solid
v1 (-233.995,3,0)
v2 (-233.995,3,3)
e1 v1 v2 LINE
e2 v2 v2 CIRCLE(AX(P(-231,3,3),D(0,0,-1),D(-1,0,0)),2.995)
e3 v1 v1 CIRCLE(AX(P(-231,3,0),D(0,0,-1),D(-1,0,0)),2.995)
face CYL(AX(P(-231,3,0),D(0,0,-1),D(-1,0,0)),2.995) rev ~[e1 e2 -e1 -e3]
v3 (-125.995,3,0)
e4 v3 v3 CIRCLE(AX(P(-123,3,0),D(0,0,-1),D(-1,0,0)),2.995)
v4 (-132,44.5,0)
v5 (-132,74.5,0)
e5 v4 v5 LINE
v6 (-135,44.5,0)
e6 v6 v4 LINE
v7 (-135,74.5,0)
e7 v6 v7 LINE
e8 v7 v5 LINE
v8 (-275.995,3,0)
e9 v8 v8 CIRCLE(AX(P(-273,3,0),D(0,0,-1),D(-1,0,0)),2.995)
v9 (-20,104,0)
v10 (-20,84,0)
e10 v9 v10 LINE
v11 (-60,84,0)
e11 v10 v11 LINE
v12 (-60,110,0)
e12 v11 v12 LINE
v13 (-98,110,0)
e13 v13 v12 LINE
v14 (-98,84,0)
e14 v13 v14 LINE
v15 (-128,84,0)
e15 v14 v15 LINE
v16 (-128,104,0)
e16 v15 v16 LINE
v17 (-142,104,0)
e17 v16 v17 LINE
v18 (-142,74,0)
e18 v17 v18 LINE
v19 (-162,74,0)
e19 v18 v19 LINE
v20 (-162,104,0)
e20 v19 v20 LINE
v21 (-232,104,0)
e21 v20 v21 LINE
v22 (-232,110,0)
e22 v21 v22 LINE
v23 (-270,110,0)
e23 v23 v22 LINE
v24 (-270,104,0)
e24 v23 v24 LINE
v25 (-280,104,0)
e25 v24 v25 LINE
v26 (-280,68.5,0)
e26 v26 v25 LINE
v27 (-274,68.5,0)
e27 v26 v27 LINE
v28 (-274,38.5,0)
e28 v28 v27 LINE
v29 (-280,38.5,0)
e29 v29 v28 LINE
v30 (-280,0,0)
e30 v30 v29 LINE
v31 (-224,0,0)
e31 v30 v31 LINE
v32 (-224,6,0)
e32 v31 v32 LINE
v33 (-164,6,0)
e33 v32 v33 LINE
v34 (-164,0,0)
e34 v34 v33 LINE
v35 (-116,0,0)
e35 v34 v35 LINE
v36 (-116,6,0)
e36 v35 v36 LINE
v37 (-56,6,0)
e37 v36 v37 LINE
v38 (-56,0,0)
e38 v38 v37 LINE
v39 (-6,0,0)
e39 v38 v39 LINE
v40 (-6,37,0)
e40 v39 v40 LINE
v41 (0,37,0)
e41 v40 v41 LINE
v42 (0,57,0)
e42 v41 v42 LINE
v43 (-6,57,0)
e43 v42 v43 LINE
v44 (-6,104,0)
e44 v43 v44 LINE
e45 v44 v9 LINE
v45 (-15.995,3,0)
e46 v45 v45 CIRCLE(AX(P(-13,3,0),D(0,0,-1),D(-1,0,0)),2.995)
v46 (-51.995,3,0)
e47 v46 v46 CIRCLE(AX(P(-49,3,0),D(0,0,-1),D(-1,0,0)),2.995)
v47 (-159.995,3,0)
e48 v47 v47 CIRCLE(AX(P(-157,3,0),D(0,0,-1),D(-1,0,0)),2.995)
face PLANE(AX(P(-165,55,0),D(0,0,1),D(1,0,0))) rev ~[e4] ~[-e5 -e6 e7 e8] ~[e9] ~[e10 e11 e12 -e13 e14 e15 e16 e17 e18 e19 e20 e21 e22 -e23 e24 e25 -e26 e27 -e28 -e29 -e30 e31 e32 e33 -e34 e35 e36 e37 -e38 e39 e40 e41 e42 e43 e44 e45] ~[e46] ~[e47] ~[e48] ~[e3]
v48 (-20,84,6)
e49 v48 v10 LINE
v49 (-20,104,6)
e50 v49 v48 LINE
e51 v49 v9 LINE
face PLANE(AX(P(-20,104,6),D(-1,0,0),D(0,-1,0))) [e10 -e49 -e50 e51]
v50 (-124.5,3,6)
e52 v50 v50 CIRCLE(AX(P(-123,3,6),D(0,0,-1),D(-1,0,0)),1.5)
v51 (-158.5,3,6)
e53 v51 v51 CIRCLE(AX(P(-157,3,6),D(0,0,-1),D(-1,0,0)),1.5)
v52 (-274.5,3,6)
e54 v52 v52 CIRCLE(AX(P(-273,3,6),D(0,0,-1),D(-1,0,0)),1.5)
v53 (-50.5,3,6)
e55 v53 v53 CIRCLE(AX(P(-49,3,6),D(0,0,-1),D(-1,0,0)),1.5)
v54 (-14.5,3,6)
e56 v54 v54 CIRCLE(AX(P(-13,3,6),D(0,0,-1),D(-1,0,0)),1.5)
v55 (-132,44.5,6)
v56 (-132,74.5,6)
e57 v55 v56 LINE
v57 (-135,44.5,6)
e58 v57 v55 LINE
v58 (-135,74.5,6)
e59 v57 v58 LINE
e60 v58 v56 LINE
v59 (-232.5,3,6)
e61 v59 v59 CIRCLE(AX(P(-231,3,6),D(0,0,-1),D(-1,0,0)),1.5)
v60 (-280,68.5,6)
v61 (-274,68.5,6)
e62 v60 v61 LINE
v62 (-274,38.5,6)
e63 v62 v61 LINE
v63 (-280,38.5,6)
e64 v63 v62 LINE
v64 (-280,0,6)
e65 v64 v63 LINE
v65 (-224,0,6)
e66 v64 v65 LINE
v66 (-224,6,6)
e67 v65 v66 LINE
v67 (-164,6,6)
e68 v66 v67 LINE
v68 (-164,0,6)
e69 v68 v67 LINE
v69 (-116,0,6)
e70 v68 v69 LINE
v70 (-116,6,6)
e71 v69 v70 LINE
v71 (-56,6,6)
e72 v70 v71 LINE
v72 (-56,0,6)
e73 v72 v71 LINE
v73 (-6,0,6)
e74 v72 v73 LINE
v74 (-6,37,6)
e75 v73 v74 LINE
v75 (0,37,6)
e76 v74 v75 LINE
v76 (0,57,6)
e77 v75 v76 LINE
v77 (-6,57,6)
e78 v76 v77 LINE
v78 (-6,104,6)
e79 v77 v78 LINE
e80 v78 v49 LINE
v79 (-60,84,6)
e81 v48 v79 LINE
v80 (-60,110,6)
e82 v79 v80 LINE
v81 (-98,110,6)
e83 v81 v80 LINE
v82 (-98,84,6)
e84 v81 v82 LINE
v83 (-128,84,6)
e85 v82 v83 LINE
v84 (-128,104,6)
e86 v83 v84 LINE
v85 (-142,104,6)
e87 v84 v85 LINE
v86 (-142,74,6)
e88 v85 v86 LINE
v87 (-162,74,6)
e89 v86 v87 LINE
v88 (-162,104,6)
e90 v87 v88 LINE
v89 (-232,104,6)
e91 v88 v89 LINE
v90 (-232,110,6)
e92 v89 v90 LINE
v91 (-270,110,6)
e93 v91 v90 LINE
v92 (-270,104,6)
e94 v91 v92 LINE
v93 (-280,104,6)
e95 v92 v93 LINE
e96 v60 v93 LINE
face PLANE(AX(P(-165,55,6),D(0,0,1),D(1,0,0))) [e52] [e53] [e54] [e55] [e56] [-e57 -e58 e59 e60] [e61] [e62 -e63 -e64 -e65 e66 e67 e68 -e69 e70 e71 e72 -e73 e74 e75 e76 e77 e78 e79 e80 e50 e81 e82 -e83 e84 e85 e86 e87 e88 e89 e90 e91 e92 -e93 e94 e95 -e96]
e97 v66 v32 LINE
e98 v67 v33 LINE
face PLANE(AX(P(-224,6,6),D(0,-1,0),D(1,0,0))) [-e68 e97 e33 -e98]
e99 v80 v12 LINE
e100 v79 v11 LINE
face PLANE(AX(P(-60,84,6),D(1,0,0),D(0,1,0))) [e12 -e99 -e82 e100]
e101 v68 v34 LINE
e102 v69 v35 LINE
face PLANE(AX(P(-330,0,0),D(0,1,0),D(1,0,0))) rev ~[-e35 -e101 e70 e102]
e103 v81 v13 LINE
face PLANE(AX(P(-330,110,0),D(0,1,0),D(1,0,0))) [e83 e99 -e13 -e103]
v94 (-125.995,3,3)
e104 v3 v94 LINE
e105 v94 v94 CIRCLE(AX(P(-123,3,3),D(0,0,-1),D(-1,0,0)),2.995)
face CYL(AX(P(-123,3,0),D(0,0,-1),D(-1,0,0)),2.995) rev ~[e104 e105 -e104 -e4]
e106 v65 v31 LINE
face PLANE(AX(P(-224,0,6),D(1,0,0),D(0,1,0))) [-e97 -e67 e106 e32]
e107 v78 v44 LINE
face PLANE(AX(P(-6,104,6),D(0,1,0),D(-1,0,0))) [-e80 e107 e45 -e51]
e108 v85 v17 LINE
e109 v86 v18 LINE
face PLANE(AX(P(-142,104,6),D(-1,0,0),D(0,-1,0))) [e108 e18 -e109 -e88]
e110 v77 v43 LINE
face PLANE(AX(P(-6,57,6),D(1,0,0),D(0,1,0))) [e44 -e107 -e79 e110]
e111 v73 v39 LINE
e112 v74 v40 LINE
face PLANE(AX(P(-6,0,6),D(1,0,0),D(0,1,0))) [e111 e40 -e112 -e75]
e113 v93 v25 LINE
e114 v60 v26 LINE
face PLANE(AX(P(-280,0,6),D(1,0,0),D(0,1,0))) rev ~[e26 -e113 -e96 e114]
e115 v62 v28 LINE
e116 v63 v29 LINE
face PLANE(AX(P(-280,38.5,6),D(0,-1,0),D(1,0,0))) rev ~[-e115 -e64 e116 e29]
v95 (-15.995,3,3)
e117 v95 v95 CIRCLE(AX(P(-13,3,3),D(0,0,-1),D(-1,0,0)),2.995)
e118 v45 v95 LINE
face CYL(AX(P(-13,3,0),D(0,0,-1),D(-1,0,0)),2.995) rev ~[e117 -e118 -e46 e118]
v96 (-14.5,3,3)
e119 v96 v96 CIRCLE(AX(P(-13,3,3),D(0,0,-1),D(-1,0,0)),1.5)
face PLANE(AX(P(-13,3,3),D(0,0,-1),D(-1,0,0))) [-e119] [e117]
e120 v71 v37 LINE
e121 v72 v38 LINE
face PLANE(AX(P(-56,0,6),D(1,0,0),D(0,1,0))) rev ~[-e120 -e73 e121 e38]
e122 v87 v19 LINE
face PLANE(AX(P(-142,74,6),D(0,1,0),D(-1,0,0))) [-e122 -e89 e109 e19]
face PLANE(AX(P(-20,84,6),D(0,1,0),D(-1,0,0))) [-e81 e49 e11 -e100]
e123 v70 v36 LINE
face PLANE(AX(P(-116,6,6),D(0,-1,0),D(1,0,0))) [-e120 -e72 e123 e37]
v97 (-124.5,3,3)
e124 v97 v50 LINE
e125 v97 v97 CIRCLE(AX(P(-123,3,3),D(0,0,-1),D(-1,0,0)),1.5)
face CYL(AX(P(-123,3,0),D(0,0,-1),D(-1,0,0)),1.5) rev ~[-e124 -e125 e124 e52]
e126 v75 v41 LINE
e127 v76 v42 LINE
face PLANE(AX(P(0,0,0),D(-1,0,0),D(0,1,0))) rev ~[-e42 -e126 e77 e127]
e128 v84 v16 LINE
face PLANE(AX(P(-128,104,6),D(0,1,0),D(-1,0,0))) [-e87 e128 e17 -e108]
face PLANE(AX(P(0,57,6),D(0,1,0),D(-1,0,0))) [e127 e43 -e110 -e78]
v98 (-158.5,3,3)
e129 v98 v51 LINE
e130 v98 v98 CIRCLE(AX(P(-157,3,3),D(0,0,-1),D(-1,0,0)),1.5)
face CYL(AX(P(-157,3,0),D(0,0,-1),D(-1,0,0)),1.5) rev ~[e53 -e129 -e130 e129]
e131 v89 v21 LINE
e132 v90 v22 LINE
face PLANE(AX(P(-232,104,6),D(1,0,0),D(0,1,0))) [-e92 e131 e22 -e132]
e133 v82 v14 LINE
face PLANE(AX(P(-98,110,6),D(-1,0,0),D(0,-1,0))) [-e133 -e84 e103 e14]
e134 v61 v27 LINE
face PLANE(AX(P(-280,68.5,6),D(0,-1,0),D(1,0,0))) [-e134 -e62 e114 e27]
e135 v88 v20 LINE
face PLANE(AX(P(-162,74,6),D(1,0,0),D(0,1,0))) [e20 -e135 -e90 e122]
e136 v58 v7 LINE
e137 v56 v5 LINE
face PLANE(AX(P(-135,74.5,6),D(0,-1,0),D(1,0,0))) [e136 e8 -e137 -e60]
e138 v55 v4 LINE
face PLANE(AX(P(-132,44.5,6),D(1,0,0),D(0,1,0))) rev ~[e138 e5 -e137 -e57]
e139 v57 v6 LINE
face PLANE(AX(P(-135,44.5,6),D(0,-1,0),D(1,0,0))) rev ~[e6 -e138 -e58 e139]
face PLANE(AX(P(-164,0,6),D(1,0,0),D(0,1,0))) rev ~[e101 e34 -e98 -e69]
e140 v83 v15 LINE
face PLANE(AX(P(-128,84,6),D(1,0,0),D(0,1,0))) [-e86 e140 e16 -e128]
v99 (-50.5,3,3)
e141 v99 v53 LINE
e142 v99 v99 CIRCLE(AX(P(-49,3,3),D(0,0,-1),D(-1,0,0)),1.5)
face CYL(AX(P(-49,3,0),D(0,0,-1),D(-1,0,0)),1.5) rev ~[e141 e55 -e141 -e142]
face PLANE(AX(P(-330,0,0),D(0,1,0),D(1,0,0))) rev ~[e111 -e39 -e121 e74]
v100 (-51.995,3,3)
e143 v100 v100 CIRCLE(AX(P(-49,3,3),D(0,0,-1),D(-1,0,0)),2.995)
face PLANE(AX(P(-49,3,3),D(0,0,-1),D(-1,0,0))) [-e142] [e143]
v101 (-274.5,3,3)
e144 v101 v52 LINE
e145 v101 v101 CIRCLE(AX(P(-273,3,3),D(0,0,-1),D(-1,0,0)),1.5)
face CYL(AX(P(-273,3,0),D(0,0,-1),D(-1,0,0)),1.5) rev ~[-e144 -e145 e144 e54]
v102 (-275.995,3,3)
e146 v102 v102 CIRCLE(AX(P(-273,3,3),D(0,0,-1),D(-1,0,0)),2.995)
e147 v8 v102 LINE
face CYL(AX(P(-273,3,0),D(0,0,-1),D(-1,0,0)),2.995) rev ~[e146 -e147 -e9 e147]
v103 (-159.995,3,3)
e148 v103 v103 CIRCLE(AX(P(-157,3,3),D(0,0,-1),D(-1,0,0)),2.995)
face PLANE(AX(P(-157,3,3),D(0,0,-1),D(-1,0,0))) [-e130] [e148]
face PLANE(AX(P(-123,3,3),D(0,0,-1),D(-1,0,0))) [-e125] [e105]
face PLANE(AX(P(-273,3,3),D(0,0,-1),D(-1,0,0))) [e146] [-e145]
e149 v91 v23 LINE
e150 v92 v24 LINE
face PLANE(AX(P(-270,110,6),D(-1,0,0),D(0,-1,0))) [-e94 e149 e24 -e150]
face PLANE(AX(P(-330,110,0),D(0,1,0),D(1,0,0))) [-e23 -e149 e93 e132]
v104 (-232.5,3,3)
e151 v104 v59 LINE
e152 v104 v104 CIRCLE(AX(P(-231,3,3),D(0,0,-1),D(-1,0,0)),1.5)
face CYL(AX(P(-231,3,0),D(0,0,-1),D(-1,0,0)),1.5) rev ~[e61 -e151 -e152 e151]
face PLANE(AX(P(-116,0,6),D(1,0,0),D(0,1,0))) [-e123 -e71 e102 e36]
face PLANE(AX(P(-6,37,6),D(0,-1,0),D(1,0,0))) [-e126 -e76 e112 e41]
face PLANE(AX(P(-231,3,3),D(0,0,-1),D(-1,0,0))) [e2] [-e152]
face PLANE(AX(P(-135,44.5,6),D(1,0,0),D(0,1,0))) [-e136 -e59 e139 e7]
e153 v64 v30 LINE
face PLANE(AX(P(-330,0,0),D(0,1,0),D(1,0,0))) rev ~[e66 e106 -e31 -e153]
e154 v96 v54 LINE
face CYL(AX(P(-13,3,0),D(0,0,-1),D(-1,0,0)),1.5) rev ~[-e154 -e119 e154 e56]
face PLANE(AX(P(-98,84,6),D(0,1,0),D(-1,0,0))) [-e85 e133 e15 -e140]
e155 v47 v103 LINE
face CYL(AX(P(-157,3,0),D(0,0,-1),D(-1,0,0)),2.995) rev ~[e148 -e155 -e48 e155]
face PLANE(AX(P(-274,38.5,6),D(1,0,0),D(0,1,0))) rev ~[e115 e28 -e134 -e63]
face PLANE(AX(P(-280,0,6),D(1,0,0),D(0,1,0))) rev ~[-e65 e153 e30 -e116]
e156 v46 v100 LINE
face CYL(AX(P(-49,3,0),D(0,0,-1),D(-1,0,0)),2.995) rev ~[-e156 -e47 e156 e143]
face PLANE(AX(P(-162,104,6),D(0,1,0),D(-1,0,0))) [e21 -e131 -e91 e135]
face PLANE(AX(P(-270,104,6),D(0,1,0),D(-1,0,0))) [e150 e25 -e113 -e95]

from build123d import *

# Parameters (mm, degrees)
ESQUISSE2_W             = 330
ESQUISSE2_H             = 110
BOSS_EXTRU_1_DEPTH      = 6
ESQUISSE3_W             = 6
ESQUISSE3_H             = 37
ESQUISSE3_W_2           = 60
ESQUISSE3_H_2           = 6
ESQUISSE3_H_3           = 30
ESQUISSE3_H_4           = 39
ESQUISSE3_W_3           = 3
ENL_V_MAT_EXTRU_1_DEPTH = 348.902285132
ESQUISSE4_W             = 56.799161249
ESQUISSE4_H             = 104
ENL_V_MAT_EXTRU_2_DEPTH = 348.902285132
ESQUISSE5_R             = 1.5
ENL_V_MAT_EXTRU_3_DEPTH = 301.892007205
ESQUISSE6_R             = 2.995
ENL_V_MAT_EXTRU_5_DEPTH = 3


with BuildPart() as part:
    # Esquisse2 → Boss.-Extru.1 (new body)
    with BuildSketch(Plane.XY):
        with Locations((-165, 55)):
            Rectangle(ESQUISSE2_W, ESQUISSE2_H)
    extrude(amount=BOSS_EXTRU_1_DEPTH)

    # Esquisse3 → Enlèv. mat.-Extru.1 (cut, through all)
    with BuildSketch(Plane.XY.offset(6)):
        Polygon((-60, 110), (0, 110), (0, 57), (-6, 57), (-6, 104), (-20, 104), (-20, 84), (-60, 84), align=None)
        with Locations((-3, 18.5)):
            Rectangle(ESQUISSE3_W, ESQUISSE3_H)
        Polygon((-330, 110), (-270, 110), (-270, 104), (-324, 104), (-324, 59), (-330, 59), align=None)
        with Locations((-86, 3)):
            Rectangle(ESQUISSE3_W_2, ESQUISSE3_H_2)
        with Locations((-194, 3)):
            Rectangle(ESQUISSE3_W_2, ESQUISSE3_H_2)
        with Locations((-277, 53.5)):
            Rectangle(ESQUISSE3_W, ESQUISSE3_H_3)
        with Locations((-327, 19.5)):
            Rectangle(ESQUISSE3_W, ESQUISSE3_H_4)
        Polygon((-98, 110), (-98, 84), (-128, 84), (-128, 104), (-142, 104), (-142, 74), (-162, 74), (-162, 104), (-232, 104), (-232, 110), align=None)
        with Locations((-133.5, 59.5)):
            Rectangle(ESQUISSE3_W_3, ESQUISSE3_H_3)
    extrude(amount=-ENL_V_MAT_EXTRU_1_DEPTH, mode=Mode.SUBTRACT)

    # Esquisse4 → Enlèv. mat.-Extru.2 (cut, through all)
    with BuildSketch(Plane.XY.offset(6)):
        with Locations((-308.399580625, 52)):
            Rectangle(ESQUISSE4_W, ESQUISSE4_H)
    extrude(amount=-ENL_V_MAT_EXTRU_2_DEPTH, mode=Mode.SUBTRACT)

    # Esquisse5 → Enlèv. mat.-Extru.3 (cut, through all)
    with BuildSketch(Plane(origin=(0, 0, 0), x_dir=(-1, 0, 0), z_dir=(0, 0, -1))):
        with Locations((13, 3)):
            Circle(ESQUISSE5_R)
        with Locations((49, 3)):
            Circle(ESQUISSE5_R)
        with Locations((123, 3)):
            Circle(ESQUISSE5_R)
        with Locations((157, 3)):
            Circle(ESQUISSE5_R)
        with Locations((231, 3)):
            Circle(ESQUISSE5_R)
        with Locations((273, 3)):
            Circle(ESQUISSE5_R)
    extrude(amount=-ENL_V_MAT_EXTRU_3_DEPTH, mode=Mode.SUBTRACT)

    # Esquisse6 → Enlèv. mat.-Extru.5 (cut)
    with BuildSketch(Plane(origin=(0, 0, 0), x_dir=(-1, 0, 0), z_dir=(0, 0, -1))):
        with Locations((13, 3)):
            Circle(ESQUISSE6_R)
        with Locations((49, 3)):
            Circle(ESQUISSE6_R)
        with Locations((123, 3)):
            Circle(ESQUISSE6_R)
        with Locations((157, 3)):
            Circle(ESQUISSE6_R)
        with Locations((273, 3)):
            Circle(ESQUISSE6_R)
        with Locations((231, 3)):
            Circle(ESQUISSE6_R)
    extrude(amount=-ENL_V_MAT_EXTRU_5_DEPTH, mode=Mode.SUBTRACT)


solid = part.part
